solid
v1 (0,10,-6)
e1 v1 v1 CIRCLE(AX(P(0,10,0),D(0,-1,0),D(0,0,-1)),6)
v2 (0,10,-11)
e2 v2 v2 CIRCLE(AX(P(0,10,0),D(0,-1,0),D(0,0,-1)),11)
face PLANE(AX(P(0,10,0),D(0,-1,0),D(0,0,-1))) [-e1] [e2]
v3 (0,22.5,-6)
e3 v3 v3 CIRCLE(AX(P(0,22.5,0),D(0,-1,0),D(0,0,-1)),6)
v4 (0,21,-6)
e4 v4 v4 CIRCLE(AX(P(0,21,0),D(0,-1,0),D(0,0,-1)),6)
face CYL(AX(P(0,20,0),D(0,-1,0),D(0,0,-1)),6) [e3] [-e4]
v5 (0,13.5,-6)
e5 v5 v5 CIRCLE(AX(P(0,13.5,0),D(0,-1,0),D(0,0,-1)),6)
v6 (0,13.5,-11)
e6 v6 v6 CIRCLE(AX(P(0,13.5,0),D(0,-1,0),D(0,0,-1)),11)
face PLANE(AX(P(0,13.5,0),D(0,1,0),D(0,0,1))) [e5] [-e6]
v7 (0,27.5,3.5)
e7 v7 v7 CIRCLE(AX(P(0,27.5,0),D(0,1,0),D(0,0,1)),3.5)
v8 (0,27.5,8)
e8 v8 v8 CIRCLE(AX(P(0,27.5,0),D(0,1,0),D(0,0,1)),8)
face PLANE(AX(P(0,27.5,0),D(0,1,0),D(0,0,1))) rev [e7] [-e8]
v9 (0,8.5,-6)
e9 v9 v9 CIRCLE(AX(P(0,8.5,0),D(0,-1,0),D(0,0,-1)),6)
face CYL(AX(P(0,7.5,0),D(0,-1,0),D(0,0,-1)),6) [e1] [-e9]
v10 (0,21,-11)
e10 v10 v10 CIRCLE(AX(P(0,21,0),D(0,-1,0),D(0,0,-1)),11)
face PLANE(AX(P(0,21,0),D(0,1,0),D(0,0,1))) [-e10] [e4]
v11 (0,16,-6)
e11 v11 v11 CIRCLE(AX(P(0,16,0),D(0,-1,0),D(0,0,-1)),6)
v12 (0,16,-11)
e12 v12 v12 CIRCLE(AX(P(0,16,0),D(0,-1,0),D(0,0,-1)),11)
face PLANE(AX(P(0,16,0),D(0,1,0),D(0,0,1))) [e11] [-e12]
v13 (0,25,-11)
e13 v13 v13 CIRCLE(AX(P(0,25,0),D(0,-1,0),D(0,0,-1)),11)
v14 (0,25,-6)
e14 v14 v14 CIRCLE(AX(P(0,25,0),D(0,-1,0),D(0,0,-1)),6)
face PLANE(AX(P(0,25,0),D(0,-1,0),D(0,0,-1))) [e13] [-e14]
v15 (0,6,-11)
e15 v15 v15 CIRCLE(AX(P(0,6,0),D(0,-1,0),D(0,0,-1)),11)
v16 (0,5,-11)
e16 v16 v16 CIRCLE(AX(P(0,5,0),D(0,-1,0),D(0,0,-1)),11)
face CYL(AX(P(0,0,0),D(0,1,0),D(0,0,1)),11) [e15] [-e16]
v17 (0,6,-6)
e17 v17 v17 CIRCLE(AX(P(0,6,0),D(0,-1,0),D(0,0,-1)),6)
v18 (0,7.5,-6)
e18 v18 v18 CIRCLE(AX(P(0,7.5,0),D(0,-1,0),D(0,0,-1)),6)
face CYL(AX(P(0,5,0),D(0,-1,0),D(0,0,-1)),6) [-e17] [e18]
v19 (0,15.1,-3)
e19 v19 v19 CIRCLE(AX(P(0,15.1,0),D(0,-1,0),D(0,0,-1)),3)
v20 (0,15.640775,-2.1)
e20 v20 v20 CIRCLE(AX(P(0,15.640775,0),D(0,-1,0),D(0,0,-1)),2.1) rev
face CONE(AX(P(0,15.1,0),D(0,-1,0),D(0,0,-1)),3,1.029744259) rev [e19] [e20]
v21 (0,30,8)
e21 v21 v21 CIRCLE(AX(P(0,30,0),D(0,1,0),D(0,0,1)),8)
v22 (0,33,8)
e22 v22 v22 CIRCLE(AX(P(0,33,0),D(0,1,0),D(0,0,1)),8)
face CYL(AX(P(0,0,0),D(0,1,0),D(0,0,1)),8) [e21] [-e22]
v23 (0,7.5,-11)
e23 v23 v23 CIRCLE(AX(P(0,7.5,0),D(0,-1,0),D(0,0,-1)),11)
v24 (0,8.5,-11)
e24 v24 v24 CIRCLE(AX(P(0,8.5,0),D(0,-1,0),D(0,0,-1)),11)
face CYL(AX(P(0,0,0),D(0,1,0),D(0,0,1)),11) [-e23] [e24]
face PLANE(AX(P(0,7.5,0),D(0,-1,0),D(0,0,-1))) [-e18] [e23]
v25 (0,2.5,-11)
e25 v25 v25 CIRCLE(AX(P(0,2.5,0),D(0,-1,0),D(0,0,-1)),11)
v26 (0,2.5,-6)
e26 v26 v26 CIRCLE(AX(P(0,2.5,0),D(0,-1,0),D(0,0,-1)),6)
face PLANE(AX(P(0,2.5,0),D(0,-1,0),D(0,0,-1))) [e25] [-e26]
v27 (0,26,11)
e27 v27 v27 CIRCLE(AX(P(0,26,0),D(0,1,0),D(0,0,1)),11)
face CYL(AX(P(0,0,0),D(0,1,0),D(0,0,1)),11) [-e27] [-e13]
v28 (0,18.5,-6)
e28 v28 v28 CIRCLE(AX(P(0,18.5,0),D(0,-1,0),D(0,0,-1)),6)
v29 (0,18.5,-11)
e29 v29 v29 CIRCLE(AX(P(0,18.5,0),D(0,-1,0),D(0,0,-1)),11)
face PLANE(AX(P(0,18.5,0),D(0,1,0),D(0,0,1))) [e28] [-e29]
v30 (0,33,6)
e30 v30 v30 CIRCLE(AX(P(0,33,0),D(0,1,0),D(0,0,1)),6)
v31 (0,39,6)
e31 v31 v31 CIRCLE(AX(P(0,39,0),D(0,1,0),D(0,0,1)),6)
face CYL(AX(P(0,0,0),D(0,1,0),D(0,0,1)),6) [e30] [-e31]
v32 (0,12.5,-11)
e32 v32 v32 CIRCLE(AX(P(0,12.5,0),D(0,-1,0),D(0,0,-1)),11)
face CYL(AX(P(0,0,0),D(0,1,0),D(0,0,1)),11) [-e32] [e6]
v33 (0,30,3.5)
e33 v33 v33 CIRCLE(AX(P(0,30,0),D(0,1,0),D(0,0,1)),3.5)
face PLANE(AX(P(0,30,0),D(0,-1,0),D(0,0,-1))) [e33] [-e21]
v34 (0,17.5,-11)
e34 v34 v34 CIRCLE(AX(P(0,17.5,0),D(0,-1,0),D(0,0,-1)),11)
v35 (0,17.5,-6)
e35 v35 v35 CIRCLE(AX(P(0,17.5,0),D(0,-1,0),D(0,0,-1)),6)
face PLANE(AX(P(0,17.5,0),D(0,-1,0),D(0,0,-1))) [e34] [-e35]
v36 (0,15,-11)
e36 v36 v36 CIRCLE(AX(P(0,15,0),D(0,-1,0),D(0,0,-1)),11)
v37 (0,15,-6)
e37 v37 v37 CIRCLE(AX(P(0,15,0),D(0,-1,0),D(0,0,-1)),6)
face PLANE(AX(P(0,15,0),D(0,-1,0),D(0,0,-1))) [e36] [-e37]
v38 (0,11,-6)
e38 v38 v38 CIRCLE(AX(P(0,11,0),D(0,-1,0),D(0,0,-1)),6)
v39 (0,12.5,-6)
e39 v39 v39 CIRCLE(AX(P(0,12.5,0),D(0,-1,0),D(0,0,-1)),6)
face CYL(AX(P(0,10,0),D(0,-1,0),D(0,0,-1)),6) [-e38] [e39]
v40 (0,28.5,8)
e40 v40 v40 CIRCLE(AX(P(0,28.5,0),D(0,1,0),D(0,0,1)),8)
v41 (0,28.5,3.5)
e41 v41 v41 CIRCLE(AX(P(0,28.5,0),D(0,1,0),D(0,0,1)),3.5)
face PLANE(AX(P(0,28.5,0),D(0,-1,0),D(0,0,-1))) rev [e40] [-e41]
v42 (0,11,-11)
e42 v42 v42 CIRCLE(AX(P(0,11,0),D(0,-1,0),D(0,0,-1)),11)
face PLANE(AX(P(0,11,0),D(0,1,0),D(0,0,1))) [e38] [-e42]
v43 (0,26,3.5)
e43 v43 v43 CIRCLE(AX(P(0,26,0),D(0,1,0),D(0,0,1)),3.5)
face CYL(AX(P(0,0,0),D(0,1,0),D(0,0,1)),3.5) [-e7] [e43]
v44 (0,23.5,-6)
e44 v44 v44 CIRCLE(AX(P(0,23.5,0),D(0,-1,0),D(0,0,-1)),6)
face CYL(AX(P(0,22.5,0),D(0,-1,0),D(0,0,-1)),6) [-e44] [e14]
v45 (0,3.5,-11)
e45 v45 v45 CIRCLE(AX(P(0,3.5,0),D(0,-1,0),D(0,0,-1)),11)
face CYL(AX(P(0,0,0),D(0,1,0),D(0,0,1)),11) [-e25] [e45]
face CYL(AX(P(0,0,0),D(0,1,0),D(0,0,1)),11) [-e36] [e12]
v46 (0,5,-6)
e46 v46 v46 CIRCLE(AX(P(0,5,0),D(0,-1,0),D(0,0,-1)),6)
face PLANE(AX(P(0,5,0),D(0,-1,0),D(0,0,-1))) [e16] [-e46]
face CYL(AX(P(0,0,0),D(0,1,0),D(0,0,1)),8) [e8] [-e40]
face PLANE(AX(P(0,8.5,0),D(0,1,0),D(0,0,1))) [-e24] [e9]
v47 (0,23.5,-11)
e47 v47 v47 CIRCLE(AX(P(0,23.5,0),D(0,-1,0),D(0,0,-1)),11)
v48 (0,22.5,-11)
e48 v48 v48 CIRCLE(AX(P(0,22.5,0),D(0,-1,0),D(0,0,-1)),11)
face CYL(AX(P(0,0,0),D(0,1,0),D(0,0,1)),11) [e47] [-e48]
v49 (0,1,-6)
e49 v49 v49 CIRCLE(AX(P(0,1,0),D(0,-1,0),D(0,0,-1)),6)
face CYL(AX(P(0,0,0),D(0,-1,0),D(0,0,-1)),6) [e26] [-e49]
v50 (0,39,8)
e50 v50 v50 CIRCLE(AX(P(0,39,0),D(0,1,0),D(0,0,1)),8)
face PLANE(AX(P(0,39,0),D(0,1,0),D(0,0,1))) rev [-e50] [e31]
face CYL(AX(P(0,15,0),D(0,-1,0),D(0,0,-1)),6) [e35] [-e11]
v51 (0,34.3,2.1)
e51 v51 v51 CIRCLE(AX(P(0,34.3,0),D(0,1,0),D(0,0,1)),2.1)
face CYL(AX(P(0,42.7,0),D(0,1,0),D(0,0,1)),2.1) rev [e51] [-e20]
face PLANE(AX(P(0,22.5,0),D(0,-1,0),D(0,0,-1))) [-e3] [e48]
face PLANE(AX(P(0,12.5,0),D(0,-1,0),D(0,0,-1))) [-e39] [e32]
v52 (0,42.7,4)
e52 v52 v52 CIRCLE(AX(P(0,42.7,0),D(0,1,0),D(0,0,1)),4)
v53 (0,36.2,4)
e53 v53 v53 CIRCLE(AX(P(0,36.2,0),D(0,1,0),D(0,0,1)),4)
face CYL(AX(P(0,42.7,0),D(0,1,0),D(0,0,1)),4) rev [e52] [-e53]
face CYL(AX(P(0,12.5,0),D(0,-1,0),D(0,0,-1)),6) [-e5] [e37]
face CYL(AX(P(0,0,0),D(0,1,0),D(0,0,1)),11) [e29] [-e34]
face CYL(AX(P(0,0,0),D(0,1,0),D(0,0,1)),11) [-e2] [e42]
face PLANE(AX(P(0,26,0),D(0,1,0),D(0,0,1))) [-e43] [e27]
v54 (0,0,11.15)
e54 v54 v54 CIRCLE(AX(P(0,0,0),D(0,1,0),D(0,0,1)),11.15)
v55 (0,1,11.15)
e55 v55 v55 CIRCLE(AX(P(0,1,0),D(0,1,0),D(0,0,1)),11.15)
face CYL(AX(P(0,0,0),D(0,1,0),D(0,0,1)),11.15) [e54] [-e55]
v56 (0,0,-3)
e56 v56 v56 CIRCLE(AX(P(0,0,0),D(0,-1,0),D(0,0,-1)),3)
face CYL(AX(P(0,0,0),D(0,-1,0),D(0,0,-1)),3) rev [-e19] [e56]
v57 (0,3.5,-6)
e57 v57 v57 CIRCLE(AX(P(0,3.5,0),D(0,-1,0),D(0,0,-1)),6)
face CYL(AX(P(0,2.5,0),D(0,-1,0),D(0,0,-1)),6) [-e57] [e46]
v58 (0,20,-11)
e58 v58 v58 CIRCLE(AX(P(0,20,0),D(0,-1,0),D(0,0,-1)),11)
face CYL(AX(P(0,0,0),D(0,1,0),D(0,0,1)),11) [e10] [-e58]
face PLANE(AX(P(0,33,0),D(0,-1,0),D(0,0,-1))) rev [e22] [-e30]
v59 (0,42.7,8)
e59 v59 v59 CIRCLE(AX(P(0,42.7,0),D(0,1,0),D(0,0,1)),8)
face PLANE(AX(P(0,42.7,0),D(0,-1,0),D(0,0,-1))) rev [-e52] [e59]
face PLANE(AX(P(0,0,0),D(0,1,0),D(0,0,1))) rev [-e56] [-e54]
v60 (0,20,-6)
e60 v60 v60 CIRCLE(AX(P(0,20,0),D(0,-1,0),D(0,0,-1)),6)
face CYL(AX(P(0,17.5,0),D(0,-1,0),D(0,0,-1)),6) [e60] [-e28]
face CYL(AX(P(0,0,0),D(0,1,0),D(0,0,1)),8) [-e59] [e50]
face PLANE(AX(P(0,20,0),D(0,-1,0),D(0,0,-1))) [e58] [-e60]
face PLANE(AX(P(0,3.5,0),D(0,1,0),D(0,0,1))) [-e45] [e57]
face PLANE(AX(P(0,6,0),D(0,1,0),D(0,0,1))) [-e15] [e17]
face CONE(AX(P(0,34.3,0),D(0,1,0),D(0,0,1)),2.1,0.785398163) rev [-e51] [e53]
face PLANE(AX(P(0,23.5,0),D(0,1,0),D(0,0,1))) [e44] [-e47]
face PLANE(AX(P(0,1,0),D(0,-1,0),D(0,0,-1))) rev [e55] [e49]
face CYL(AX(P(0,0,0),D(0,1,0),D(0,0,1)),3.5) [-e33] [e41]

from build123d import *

# Parameters (mm, degrees)
SKETCH2_W                 = 5
SKETCH2_H                 = 1.5
LPATTERN1_COUNT           = 10
LPATTERN1_PITCH           = 2.5
M7X1_0_TAPPED_HOLE1_D     = 6
M7X1_0_TAPPED_HOLE1_DEPTH = 15.1
M7X1_0_TAPPED_HOLE1_TIP   = 1.802581857


with BuildPart() as part:
    # Sketch1 → Revolve1 (revolve)
    with BuildSketch(Plane.XY):
        Polygon((0, 42.7), (0, 0), (11.15, 0), (11.15, 1), (11, 1), (11, 26), (3.5, 26), (3.5, 27.5), (8, 27.5), (8, 28.5), (3.5, 28.5), (3.5, 30), (8, 30), (8, 33), (6, 33), (6, 39), (8, 39), (8, 42.7), align=None)
    revolve(axis=Axis((0, 0, 0), (0, -1, 0)))

    # Sketch2 → Cut-Revolve1 (revolve, cut)
    with BuildSketch(Plane.XY):
        with Locations((8.5, 1.75)):
            Rectangle(SKETCH2_W, SKETCH2_H)
    cut_revolve1 = revolve(axis=Axis((0, 0, 0), (0, 1, 0)), mode=Mode.SUBTRACT)

    # LPattern1: Cut-Revolve1 ×10
    with Locations(*[(0, i * LPATTERN1_PITCH, 0) for i in range(1, LPATTERN1_COUNT)]):
        add(cut_revolve1, mode=Mode.SUBTRACT)

    # Sketch3 → Cut-Revolve2 (revolve, cut)
    with BuildSketch(Plane.XY):
        Polygon((0, 42.7), (0, 0), (2.1, 0), (2.1, 34.3), (4, 36.2), (4, 42.7), align=None)
    revolve(axis=Axis((0, 42.7, 0), (0, -1, 0)), mode=Mode.SUBTRACT)

    # M7x1.0 Tapped Hole1
    with Locations(Plane(origin=(0, 0, 0), x_dir=(-1, 0, 0), z_dir=(0, -1, 0))):
        with Locations((0, 0)):
            Hole(M7X1_0_TAPPED_HOLE1_D / 2, depth=M7X1_0_TAPPED_HOLE1_DEPTH)
            with Locations((0, 0, -(M7X1_0_TAPPED_HOLE1_DEPTH + M7X1_0_TAPPED_HOLE1_TIP / 2))):  # 118° drill point
                Cone(0, M7X1_0_TAPPED_HOLE1_D / 2, M7X1_0_TAPPED_HOLE1_TIP, mode=Mode.SUBTRACT)


solid = part.part
